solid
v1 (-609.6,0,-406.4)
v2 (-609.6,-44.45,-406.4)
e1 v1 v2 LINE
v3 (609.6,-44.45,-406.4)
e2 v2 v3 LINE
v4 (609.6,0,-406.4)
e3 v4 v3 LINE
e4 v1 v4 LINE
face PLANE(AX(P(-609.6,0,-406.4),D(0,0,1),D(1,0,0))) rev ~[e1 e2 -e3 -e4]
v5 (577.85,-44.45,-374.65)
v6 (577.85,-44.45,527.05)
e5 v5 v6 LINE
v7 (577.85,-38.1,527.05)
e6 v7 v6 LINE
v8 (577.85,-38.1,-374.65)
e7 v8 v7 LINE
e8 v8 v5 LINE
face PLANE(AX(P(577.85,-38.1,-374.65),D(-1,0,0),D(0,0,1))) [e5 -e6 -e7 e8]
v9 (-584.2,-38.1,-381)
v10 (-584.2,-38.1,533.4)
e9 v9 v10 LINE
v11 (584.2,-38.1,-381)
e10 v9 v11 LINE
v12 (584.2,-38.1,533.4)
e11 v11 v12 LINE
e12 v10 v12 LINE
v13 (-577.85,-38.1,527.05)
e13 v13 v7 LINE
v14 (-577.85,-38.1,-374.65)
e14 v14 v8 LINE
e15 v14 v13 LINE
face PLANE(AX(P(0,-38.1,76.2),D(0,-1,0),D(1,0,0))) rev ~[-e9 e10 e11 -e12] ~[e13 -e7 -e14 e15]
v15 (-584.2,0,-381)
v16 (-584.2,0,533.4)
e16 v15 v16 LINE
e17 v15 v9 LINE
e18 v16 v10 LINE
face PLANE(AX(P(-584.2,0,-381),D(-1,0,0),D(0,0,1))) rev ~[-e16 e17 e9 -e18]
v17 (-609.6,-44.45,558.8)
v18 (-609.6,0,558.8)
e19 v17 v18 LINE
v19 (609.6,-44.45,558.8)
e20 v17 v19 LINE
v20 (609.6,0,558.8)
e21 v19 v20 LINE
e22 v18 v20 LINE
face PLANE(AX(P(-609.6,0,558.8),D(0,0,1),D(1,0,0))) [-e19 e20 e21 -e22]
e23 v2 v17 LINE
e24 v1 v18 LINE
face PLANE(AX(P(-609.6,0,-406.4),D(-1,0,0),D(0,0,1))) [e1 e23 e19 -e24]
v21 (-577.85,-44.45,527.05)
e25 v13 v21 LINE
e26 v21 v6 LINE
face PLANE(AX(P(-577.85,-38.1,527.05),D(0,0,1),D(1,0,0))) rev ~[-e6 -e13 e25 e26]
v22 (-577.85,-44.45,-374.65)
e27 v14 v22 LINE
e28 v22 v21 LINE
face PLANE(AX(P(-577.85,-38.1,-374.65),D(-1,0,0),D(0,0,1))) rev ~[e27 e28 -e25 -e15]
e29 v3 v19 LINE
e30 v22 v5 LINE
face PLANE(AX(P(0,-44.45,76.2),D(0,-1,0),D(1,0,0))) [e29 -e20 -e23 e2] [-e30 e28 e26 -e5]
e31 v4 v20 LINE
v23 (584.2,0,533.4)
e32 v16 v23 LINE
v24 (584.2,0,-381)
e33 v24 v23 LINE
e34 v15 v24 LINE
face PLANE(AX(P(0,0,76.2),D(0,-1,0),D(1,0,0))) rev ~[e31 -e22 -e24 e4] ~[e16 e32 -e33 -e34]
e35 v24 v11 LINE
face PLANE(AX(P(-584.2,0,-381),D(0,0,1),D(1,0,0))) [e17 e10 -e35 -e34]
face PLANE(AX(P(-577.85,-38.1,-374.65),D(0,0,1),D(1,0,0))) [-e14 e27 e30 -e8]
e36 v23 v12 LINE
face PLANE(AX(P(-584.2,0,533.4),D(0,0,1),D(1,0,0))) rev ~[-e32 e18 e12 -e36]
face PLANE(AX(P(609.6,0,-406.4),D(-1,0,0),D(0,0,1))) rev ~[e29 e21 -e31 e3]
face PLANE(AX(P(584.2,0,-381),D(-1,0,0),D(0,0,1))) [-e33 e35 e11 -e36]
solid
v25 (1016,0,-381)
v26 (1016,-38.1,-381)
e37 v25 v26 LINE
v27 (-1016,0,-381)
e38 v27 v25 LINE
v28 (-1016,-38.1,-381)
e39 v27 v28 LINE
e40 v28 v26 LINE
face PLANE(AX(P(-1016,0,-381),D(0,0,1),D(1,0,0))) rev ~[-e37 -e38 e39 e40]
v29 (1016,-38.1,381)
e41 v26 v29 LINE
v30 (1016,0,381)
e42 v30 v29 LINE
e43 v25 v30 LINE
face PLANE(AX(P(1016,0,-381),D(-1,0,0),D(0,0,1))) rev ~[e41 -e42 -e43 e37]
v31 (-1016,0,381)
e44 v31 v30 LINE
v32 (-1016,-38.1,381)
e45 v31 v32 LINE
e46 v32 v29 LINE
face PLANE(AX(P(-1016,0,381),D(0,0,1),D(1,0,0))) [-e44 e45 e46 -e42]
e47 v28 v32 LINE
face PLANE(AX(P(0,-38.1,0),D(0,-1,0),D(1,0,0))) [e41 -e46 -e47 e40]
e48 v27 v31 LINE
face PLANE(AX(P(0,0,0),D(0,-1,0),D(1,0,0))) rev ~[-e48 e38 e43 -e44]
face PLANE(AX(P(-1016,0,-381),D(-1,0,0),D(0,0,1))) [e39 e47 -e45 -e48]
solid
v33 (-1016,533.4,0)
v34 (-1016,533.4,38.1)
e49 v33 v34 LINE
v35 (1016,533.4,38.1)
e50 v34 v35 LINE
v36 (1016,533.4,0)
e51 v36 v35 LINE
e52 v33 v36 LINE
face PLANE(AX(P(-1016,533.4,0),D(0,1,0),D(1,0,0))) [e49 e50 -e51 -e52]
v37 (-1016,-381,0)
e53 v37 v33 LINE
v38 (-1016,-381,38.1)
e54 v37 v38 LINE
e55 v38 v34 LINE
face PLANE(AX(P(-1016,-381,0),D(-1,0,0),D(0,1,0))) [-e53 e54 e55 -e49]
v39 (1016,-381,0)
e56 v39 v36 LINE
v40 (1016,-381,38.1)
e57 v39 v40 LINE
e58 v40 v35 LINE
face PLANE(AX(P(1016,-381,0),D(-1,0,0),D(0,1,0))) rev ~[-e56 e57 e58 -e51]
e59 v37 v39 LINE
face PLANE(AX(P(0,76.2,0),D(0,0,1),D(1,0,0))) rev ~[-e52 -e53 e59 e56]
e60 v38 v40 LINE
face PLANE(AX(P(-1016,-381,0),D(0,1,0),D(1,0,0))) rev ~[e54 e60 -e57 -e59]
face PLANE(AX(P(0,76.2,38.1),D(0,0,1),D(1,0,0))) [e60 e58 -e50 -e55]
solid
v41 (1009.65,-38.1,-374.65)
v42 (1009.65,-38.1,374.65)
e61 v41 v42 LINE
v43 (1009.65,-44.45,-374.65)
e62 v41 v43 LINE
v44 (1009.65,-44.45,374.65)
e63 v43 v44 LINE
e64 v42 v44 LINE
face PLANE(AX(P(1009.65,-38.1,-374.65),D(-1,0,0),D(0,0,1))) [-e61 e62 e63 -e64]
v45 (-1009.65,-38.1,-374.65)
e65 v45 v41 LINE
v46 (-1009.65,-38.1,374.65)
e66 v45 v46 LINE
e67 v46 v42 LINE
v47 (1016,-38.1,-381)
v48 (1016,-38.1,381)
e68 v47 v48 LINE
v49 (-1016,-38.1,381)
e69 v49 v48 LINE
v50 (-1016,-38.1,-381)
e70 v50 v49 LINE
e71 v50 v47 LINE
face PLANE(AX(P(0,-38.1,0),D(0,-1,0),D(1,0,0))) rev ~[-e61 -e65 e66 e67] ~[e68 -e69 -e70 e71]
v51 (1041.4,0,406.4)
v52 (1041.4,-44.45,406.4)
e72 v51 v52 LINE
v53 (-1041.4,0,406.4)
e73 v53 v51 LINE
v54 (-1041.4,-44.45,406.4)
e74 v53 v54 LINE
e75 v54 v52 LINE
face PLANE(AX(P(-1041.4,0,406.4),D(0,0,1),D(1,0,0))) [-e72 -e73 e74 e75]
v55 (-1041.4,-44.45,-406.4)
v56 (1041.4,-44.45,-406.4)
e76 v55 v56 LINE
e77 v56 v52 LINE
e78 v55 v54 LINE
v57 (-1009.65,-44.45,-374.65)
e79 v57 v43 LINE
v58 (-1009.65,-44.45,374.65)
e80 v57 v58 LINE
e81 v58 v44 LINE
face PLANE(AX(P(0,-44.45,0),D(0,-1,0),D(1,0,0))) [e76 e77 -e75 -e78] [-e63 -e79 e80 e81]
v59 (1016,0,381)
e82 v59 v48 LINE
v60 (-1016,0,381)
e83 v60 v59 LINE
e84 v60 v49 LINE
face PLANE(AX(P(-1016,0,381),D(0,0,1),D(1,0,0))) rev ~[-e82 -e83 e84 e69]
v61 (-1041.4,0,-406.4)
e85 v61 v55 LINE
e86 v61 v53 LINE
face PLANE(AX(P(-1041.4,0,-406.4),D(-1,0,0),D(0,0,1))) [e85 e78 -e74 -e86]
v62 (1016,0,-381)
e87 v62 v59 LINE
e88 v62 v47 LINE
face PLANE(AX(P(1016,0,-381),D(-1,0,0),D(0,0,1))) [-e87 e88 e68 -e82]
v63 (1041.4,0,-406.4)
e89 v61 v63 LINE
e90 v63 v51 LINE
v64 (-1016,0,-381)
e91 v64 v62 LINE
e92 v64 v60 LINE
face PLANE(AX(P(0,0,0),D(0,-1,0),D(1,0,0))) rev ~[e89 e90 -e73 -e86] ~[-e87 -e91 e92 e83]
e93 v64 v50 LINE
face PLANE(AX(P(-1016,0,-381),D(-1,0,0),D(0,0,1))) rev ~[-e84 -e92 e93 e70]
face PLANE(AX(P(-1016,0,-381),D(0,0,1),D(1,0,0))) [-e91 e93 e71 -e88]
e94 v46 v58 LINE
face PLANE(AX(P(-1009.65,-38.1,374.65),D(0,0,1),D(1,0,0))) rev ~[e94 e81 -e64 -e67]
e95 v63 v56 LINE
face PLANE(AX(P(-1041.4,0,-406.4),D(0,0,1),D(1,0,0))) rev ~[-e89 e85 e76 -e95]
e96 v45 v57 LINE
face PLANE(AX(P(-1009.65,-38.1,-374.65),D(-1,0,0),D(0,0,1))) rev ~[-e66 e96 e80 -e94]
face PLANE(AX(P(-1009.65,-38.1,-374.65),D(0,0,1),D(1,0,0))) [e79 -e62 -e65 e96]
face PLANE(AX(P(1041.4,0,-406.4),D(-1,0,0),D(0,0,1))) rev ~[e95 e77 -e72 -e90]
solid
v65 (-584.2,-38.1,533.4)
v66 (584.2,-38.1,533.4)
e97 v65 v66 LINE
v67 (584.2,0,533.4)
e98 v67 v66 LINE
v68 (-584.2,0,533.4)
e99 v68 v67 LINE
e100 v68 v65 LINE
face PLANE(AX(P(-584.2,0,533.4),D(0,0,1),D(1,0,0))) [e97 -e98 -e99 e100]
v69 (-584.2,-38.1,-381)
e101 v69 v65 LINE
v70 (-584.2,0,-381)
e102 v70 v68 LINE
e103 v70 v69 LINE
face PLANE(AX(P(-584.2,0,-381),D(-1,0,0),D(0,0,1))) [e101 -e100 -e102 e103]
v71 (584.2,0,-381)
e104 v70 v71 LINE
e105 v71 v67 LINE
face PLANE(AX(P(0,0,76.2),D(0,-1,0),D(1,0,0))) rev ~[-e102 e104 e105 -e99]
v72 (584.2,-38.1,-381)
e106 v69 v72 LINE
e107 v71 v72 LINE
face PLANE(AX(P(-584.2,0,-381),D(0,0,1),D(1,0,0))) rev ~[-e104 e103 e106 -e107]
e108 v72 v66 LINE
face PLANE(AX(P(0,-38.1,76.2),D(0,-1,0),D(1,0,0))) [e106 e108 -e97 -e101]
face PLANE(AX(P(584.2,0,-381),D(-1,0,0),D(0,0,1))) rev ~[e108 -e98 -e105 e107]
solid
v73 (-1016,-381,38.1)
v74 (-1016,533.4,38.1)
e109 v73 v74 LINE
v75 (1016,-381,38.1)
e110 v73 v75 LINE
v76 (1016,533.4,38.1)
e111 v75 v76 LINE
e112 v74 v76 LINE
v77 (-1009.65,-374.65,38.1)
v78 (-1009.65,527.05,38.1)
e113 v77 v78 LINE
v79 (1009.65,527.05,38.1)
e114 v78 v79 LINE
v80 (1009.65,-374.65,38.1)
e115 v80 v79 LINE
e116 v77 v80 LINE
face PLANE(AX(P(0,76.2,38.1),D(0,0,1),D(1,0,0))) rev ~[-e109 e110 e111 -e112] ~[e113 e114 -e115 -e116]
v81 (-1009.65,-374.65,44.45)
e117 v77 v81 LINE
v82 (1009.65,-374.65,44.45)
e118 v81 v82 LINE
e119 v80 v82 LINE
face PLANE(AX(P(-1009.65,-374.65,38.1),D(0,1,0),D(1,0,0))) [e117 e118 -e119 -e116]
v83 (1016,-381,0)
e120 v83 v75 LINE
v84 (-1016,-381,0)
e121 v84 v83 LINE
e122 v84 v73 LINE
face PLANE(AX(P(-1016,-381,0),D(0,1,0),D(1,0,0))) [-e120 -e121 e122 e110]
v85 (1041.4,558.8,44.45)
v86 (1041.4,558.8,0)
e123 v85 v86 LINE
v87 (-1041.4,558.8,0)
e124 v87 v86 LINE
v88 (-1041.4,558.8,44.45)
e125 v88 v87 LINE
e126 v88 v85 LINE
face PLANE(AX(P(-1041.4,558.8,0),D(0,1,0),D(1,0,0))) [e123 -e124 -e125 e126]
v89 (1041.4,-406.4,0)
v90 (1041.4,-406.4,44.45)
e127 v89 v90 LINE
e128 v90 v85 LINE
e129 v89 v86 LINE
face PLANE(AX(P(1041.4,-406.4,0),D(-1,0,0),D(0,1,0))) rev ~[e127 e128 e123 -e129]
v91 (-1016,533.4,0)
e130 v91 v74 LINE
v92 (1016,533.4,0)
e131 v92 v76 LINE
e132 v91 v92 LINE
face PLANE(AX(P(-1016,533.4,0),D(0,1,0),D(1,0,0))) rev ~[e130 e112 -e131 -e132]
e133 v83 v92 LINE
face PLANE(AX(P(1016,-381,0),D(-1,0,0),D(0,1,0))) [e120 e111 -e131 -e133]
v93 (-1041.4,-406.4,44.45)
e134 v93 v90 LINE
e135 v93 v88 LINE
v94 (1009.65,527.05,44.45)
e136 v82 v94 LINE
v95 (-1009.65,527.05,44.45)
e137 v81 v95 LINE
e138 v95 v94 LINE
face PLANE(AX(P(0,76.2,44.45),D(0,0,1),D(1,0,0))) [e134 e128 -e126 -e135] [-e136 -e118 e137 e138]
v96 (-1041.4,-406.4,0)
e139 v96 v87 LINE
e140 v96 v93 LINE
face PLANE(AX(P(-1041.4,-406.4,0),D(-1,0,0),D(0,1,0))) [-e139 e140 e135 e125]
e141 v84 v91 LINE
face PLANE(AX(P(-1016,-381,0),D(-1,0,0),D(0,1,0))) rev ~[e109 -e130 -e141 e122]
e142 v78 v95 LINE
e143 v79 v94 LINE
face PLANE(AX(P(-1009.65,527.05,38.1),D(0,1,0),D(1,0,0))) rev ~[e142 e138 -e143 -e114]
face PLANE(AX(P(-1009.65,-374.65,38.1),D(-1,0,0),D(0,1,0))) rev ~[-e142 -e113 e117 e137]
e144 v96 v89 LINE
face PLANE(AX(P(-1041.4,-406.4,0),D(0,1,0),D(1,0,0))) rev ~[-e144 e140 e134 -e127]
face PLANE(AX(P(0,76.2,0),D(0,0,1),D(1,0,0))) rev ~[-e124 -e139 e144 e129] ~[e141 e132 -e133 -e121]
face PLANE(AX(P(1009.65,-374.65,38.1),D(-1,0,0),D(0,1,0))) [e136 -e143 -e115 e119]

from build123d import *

# Parameters (mm, degrees)
F0_W      = 2082.8
F0_H      = 812.8
F0_W_2    = 2032
F0_H_2    = 762
F1_DEPTH  = 44.45
F0_W_3    = 2019.3
F0_H_3    = 749.3
F2_DEPTH  = 38.1
F3_START  = 38.1
F3_DEPTH  = 6.35
F4_W      = 1168.4
F4_H      = 914.4
F4_W_2    = 1155.7
F4_H_2    = 901.7
F5_DEPTH  = 38.1
F4_W_3    = 1219.2
F4_H_3    = 965.2
F6_DEPTH  = 44.45
F7_START  = 38.1
F7_DEPTH  = 6.35
F8_W      = 2032
F8_H      = 914.4
F8_W_2    = 2019.3
F8_H_2    = 901.7
F9_DEPTH  = 38.1
F10_START = 38.1
F8_W_3    = 2082.8
F8_H_3    = 965.2
F10_DEPTH = 6.35
F11_DEPTH = 38.1


with BuildPart() as f1:
    # F0 (on Front) → F1 (new body)
    with BuildSketch(Plane.XZ):
        Rectangle(F0_W, F0_H)
        Rectangle(F0_W_2, F0_H_2, mode=Mode.SUBTRACT)
    extrude(amount=F1_DEPTH)

    # F0 (on Front) → F3 (join)
    with BuildSketch(Plane.XZ.offset(F3_START)):
        Rectangle(F0_W_2, F0_H_2)
        Rectangle(F0_W_3, F0_H_3, mode=Mode.SUBTRACT)
    extrude(amount=F3_DEPTH)


with BuildPart() as f2:
    # F0 (on Front) → F2 (new body)
    with BuildSketch(Plane.XZ):
        Rectangle(F0_W_2, F0_H_2)
        Rectangle(F0_W_3, F0_H_3, mode=Mode.SUBTRACT)
        Rectangle(F0_W_3, F0_H_3)
    extrude(amount=F2_DEPTH)


with BuildPart() as f5:
    # F4 (on Front) → F5 (new body)
    with BuildSketch(Plane.XZ):
        with Locations((0, 76.2)):
            Rectangle(F4_W, F4_H)
        with Locations((0, 76.2)):
            Rectangle(F4_W_2, F4_H_2, mode=Mode.SUBTRACT)
        with Locations((0, 76.2)):
            Rectangle(F4_W_2, F4_H_2)
    extrude(amount=F5_DEPTH)


with BuildPart() as f6:
    # F4 (on Front) → F6 (new body)
    with BuildSketch(Plane.XZ):
        with Locations((0, 76.2)):
            Rectangle(F4_W_3, F4_H_3)
        with Locations((0, 76.2)):
            Rectangle(F4_W, F4_H, mode=Mode.SUBTRACT)
    extrude(amount=F6_DEPTH)

    # F4 (on Front) → F7 (join)
    with BuildSketch(Plane.XZ.offset(F7_START)):
        with Locations((0, 76.2)):
            Rectangle(F4_W_3, F4_H_3)
        with Locations((0, 76.2)):
            Rectangle(F4_W, F4_H, mode=Mode.SUBTRACT)
        with Locations((0, 76.2)):
            Rectangle(F4_W, F4_H)
        with Locations((0, 76.2)):
            Rectangle(F4_W_2, F4_H_2, mode=Mode.SUBTRACT)
    extrude(amount=F7_DEPTH)


with BuildPart() as f9:
    # F8 (on Top) → F9 (new body)
    with BuildSketch(Plane.XY):
        with Locations((0, 76.2)):
            Rectangle(F8_W, F8_H)
        with Locations((0, 76.2)):
            Rectangle(F8_W_2, F8_H_2, mode=Mode.SUBTRACT)
        with Locations((0, 76.2)):
            Rectangle(F8_W_2, F8_H_2)
    extrude(amount=F9_DEPTH)


with BuildPart() as f10:
    # F8 (on Top) → F10 (new body)
    with BuildSketch(Plane.XY.offset(F10_START)):
        with Locations((0, 76.2)):
            Rectangle(F8_W_3, F8_H_3)
        with Locations((0, 76.2)):
            Rectangle(F8_W, F8_H, mode=Mode.SUBTRACT)
        with Locations((0, 76.2)):
            Rectangle(F8_W, F8_H)
        with Locations((0, 76.2)):
            Rectangle(F8_W_2, F8_H_2, mode=Mode.SUBTRACT)
    extrude(amount=F10_DEPTH)

    # F8 (on Top) → F11 (join)
    with BuildSketch(Plane.XY):
        with Locations((0, 76.2)):
            Rectangle(F8_W_3, F8_H_3)
        with Locations((0, 76.2)):
            Rectangle(F8_W, F8_H, mode=Mode.SUBTRACT)
    extrude(amount=F11_DEPTH)


solid = Compound([f1.part, f2.part, f5.part, f6.part, f9.part, f10.part])
